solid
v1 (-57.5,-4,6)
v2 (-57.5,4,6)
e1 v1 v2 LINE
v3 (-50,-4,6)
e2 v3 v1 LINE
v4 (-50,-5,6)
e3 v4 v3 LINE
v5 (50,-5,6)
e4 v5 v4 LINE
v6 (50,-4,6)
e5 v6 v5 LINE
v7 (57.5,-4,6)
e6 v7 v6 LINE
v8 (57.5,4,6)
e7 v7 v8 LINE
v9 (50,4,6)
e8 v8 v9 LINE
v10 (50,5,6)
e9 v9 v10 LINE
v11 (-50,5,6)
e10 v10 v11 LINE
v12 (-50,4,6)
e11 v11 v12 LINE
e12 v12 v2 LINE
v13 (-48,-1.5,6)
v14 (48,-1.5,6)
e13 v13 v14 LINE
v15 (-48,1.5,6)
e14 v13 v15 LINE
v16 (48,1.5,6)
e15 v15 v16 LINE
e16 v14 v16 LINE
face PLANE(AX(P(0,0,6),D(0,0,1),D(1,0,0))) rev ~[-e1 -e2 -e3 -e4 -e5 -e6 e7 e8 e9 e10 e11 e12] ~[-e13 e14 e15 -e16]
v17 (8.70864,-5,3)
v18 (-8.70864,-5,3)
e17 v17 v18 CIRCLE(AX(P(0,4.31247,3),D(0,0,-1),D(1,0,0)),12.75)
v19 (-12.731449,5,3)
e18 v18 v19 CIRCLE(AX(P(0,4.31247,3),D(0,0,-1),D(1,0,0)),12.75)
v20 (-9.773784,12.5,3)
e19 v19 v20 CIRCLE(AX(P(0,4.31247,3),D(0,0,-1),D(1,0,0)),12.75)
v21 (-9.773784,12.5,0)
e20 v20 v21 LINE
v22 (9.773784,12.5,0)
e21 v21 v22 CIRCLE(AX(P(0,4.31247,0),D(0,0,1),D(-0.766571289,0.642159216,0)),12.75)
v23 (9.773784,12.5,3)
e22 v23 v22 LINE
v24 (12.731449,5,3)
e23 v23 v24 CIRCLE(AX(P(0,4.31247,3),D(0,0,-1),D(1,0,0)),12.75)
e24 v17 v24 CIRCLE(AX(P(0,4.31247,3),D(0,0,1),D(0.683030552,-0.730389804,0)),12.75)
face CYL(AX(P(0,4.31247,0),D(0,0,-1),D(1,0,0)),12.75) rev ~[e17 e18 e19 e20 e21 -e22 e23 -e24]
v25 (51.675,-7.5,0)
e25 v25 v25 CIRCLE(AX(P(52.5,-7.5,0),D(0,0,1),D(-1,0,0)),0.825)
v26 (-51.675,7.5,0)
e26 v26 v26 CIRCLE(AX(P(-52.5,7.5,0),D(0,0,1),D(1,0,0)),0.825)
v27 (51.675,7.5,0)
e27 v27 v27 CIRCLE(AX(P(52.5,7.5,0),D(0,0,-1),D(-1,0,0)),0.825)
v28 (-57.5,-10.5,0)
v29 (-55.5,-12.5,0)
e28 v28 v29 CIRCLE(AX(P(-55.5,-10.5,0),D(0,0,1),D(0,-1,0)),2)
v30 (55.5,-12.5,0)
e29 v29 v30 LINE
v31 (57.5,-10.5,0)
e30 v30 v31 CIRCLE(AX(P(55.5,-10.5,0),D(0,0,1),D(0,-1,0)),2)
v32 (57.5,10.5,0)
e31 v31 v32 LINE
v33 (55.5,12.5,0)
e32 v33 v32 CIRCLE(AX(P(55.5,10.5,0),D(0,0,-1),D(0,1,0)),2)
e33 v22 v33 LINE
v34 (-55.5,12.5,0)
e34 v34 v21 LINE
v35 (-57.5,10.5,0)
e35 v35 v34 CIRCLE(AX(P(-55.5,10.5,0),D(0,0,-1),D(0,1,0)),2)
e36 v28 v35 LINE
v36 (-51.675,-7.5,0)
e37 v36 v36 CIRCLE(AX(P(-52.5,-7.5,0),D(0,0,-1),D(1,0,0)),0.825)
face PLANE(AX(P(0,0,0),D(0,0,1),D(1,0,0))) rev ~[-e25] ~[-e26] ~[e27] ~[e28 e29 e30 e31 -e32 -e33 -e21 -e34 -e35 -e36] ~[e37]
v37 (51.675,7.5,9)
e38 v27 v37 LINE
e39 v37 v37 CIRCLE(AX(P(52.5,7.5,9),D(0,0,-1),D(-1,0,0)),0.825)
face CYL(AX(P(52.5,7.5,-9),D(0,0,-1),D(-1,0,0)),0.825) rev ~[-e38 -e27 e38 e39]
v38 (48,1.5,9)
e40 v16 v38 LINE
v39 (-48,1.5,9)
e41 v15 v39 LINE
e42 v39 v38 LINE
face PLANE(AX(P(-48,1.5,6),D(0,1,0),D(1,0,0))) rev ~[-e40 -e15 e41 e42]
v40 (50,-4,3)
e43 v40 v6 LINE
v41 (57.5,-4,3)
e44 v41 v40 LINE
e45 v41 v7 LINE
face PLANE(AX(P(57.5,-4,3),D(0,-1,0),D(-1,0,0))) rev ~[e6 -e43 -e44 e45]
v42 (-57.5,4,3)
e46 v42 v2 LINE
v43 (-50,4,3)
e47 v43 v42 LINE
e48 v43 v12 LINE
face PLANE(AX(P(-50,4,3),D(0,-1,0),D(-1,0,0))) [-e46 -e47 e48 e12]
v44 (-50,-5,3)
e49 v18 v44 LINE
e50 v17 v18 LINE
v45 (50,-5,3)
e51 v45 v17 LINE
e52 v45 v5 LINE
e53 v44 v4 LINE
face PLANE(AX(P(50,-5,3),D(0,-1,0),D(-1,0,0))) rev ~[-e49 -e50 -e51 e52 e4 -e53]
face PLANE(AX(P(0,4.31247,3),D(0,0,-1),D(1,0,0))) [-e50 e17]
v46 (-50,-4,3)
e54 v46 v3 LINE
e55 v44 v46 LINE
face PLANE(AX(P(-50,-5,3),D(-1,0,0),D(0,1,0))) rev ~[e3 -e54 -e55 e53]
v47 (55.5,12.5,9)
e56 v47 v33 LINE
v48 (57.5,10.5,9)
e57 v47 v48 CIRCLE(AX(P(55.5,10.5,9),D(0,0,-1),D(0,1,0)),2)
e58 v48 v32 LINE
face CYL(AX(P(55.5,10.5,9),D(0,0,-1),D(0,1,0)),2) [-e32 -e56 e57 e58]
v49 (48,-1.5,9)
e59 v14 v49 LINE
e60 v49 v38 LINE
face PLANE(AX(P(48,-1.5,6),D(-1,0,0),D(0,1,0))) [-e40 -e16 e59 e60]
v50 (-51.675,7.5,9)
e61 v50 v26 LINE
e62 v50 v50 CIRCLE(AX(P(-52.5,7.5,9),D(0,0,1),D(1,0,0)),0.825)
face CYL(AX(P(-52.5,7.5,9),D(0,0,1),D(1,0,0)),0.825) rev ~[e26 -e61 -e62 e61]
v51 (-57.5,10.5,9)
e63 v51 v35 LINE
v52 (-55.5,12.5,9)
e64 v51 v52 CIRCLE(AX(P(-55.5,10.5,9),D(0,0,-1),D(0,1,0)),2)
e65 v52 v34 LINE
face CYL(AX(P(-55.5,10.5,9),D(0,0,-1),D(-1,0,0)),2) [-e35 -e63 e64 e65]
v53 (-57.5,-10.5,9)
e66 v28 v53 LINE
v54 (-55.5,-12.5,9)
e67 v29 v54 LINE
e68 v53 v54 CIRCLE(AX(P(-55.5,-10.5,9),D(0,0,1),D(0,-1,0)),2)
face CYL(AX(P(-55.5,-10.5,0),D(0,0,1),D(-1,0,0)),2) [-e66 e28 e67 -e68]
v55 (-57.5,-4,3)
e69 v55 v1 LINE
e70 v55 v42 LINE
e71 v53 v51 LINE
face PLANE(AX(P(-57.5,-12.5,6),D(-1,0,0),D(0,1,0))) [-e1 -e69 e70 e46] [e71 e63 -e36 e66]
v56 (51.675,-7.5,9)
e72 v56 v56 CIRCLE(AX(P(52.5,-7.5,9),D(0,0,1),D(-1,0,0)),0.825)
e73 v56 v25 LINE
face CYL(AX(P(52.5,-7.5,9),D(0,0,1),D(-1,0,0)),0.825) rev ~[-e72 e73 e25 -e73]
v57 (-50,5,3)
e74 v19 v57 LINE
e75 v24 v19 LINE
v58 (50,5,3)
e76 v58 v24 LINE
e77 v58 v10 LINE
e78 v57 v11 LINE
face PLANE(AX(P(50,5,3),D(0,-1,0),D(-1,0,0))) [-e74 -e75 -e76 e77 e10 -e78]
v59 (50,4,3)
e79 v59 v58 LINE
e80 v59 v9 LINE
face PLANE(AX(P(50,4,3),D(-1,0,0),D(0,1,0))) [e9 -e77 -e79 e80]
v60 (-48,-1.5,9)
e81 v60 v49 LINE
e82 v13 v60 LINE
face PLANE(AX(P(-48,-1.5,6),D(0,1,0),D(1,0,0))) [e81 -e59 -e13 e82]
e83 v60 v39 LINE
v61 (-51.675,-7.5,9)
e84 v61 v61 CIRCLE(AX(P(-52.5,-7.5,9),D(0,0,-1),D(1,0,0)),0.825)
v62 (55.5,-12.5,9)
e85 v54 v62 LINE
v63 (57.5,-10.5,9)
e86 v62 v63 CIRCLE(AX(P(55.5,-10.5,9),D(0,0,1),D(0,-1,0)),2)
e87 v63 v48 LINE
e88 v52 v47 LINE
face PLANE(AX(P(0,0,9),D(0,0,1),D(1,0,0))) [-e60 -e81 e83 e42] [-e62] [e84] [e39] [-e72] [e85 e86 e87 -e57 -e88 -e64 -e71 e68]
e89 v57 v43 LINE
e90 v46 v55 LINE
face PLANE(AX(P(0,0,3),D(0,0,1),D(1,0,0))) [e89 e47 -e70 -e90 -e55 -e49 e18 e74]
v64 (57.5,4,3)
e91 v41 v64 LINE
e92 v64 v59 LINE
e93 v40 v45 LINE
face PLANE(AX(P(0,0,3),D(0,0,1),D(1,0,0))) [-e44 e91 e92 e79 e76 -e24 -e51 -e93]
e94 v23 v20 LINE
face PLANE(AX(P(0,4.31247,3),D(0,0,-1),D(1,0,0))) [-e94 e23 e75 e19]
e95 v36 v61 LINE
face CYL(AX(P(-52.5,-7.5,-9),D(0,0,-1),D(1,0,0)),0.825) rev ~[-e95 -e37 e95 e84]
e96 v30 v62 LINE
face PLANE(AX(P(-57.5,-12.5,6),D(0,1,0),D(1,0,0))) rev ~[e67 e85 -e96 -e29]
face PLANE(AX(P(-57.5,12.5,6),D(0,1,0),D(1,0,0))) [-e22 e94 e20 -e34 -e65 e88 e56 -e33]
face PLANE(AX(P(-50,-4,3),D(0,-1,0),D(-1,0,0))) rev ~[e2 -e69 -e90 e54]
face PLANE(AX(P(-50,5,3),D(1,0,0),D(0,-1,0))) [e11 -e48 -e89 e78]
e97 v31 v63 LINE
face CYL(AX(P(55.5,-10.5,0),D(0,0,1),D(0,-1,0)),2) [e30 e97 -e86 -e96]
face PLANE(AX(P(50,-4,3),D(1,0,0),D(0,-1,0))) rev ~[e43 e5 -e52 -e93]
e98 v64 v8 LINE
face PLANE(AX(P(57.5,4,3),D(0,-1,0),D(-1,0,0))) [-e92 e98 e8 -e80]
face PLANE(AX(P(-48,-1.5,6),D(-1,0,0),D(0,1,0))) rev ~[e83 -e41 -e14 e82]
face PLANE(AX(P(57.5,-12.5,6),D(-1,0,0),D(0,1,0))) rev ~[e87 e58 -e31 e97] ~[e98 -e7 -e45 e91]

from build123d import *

# Parameters (mm, degrees)
SKETCH_W              = 115
SKETCH_H              = 25
PAD_DEPTH             = 3
PAD001_DEPTH          = 3
SKETCH002_W           = 115
SKETCH002_H           = 25
SKETCH002_W_2         = 96
SKETCH002_H_2         = 3
PAD002_DEPTH          = 3
SKETCH003_R           = 0.825
POCKET_DEPTH          = 245.060315
POLARPATTERN_COUNT    = 2
POLARPATTERN001_COUNT = 2
POLARPATTERN002_COUNT = 2
FILLET_R              = 2
SKETCH004_R           = 12.75
POCKET001_DEPTH       = 3


with BuildPart() as part:
    # Sketch → Pad (new body)
    with BuildSketch(Plane.XY):
        Rectangle(SKETCH_W, SKETCH_H)
    extrude(amount=PAD_DEPTH)

    # Sketch001 (on Face6 of Pad) → Pad001 (join)
    with BuildSketch(Plane.XY.offset(3)):
        Polygon((-57.5, 12.5), (57.5, 12.5), (57.5, 4), (50, 4), (50, 5), (-50, 5), (-50, 4), (-57.5, 4), align=None)
        Polygon((-57.5, -12.5), (57.5, -12.5), (57.5, -4), (50, -4), (50, -5), (-50, -5), (-50, -4), (-57.5, -4), align=None)
    extrude(amount=PAD001_DEPTH)

    # Sketch002 (on Face12 of Pad001) → Pad002 (join)
    with BuildSketch(Plane.XY.offset(6)):
        Rectangle(SKETCH002_W, SKETCH002_H)
        Rectangle(SKETCH002_W_2, SKETCH002_H_2, mode=Mode.SUBTRACT)
    extrude(amount=PAD002_DEPTH)

    # Sketch003 (on Face26 of Pad002) → Pocket (cut, through all)
    with BuildSketch(Plane.XY.offset(9)):
        with Locations((-52.5, 7.5)):
            Circle(SKETCH003_R)
    pocket = extrude(amount=-POCKET_DEPTH, mode=Mode.SUBTRACT)

    # PolarPattern: Pocket ×2 about axis
    polarpattern_axis = Axis((0, 0, 0), (0, 1, 0))
    for i in range(1, POLARPATTERN_COUNT):
        add(pocket.rotate(polarpattern_axis, i * 360 / POLARPATTERN_COUNT), mode=Mode.SUBTRACT)

    # PolarPattern001: Pocket ×2 about axis
    polarpattern001_axis = Axis((0, 0, 0), (1, 0, 0))
    for i in range(1, POLARPATTERN001_COUNT):
        add(pocket.rotate(polarpattern001_axis, i * 360 / POLARPATTERN001_COUNT), mode=Mode.SUBTRACT)

    # PolarPattern002: Pocket ×2 about axis
    polarpattern002_axis = Axis((0, 0, 9), (0, 0, 1))
    for i in range(1, POLARPATTERN002_COUNT):
        add(pocket.rotate(polarpattern002_axis, i * 360 / POLARPATTERN002_COUNT), mode=Mode.SUBTRACT)

    # Fillet
    fillet_edges = [part.edges().sort_by_distance(p)[0] for p in [
        (57.5, 12.5, 7.5),
        (57.5, 12.5, 4.5),
        (57.5, 12.5, 1.5),
        (57.5, -12.5, 7.5),
        (-57.5, 12.5, 7.5),
        (-57.5, -12.5, 7.5),
    ]]
    fillet(fillet_edges, radius=FILLET_R)

    # Sketch004 (on Face2 of Fillet) → Pocket001 (cut)
    with BuildSketch(Plane(origin=(0, 0, 0), x_dir=(1, 0, 0), z_dir=(0, 0, -1))):
        with Locations((0, -4.31247)):
            Circle(SKETCH004_R)
    extrude(amount=-POCKET001_DEPTH, mode=Mode.SUBTRACT)


solid = part.part
